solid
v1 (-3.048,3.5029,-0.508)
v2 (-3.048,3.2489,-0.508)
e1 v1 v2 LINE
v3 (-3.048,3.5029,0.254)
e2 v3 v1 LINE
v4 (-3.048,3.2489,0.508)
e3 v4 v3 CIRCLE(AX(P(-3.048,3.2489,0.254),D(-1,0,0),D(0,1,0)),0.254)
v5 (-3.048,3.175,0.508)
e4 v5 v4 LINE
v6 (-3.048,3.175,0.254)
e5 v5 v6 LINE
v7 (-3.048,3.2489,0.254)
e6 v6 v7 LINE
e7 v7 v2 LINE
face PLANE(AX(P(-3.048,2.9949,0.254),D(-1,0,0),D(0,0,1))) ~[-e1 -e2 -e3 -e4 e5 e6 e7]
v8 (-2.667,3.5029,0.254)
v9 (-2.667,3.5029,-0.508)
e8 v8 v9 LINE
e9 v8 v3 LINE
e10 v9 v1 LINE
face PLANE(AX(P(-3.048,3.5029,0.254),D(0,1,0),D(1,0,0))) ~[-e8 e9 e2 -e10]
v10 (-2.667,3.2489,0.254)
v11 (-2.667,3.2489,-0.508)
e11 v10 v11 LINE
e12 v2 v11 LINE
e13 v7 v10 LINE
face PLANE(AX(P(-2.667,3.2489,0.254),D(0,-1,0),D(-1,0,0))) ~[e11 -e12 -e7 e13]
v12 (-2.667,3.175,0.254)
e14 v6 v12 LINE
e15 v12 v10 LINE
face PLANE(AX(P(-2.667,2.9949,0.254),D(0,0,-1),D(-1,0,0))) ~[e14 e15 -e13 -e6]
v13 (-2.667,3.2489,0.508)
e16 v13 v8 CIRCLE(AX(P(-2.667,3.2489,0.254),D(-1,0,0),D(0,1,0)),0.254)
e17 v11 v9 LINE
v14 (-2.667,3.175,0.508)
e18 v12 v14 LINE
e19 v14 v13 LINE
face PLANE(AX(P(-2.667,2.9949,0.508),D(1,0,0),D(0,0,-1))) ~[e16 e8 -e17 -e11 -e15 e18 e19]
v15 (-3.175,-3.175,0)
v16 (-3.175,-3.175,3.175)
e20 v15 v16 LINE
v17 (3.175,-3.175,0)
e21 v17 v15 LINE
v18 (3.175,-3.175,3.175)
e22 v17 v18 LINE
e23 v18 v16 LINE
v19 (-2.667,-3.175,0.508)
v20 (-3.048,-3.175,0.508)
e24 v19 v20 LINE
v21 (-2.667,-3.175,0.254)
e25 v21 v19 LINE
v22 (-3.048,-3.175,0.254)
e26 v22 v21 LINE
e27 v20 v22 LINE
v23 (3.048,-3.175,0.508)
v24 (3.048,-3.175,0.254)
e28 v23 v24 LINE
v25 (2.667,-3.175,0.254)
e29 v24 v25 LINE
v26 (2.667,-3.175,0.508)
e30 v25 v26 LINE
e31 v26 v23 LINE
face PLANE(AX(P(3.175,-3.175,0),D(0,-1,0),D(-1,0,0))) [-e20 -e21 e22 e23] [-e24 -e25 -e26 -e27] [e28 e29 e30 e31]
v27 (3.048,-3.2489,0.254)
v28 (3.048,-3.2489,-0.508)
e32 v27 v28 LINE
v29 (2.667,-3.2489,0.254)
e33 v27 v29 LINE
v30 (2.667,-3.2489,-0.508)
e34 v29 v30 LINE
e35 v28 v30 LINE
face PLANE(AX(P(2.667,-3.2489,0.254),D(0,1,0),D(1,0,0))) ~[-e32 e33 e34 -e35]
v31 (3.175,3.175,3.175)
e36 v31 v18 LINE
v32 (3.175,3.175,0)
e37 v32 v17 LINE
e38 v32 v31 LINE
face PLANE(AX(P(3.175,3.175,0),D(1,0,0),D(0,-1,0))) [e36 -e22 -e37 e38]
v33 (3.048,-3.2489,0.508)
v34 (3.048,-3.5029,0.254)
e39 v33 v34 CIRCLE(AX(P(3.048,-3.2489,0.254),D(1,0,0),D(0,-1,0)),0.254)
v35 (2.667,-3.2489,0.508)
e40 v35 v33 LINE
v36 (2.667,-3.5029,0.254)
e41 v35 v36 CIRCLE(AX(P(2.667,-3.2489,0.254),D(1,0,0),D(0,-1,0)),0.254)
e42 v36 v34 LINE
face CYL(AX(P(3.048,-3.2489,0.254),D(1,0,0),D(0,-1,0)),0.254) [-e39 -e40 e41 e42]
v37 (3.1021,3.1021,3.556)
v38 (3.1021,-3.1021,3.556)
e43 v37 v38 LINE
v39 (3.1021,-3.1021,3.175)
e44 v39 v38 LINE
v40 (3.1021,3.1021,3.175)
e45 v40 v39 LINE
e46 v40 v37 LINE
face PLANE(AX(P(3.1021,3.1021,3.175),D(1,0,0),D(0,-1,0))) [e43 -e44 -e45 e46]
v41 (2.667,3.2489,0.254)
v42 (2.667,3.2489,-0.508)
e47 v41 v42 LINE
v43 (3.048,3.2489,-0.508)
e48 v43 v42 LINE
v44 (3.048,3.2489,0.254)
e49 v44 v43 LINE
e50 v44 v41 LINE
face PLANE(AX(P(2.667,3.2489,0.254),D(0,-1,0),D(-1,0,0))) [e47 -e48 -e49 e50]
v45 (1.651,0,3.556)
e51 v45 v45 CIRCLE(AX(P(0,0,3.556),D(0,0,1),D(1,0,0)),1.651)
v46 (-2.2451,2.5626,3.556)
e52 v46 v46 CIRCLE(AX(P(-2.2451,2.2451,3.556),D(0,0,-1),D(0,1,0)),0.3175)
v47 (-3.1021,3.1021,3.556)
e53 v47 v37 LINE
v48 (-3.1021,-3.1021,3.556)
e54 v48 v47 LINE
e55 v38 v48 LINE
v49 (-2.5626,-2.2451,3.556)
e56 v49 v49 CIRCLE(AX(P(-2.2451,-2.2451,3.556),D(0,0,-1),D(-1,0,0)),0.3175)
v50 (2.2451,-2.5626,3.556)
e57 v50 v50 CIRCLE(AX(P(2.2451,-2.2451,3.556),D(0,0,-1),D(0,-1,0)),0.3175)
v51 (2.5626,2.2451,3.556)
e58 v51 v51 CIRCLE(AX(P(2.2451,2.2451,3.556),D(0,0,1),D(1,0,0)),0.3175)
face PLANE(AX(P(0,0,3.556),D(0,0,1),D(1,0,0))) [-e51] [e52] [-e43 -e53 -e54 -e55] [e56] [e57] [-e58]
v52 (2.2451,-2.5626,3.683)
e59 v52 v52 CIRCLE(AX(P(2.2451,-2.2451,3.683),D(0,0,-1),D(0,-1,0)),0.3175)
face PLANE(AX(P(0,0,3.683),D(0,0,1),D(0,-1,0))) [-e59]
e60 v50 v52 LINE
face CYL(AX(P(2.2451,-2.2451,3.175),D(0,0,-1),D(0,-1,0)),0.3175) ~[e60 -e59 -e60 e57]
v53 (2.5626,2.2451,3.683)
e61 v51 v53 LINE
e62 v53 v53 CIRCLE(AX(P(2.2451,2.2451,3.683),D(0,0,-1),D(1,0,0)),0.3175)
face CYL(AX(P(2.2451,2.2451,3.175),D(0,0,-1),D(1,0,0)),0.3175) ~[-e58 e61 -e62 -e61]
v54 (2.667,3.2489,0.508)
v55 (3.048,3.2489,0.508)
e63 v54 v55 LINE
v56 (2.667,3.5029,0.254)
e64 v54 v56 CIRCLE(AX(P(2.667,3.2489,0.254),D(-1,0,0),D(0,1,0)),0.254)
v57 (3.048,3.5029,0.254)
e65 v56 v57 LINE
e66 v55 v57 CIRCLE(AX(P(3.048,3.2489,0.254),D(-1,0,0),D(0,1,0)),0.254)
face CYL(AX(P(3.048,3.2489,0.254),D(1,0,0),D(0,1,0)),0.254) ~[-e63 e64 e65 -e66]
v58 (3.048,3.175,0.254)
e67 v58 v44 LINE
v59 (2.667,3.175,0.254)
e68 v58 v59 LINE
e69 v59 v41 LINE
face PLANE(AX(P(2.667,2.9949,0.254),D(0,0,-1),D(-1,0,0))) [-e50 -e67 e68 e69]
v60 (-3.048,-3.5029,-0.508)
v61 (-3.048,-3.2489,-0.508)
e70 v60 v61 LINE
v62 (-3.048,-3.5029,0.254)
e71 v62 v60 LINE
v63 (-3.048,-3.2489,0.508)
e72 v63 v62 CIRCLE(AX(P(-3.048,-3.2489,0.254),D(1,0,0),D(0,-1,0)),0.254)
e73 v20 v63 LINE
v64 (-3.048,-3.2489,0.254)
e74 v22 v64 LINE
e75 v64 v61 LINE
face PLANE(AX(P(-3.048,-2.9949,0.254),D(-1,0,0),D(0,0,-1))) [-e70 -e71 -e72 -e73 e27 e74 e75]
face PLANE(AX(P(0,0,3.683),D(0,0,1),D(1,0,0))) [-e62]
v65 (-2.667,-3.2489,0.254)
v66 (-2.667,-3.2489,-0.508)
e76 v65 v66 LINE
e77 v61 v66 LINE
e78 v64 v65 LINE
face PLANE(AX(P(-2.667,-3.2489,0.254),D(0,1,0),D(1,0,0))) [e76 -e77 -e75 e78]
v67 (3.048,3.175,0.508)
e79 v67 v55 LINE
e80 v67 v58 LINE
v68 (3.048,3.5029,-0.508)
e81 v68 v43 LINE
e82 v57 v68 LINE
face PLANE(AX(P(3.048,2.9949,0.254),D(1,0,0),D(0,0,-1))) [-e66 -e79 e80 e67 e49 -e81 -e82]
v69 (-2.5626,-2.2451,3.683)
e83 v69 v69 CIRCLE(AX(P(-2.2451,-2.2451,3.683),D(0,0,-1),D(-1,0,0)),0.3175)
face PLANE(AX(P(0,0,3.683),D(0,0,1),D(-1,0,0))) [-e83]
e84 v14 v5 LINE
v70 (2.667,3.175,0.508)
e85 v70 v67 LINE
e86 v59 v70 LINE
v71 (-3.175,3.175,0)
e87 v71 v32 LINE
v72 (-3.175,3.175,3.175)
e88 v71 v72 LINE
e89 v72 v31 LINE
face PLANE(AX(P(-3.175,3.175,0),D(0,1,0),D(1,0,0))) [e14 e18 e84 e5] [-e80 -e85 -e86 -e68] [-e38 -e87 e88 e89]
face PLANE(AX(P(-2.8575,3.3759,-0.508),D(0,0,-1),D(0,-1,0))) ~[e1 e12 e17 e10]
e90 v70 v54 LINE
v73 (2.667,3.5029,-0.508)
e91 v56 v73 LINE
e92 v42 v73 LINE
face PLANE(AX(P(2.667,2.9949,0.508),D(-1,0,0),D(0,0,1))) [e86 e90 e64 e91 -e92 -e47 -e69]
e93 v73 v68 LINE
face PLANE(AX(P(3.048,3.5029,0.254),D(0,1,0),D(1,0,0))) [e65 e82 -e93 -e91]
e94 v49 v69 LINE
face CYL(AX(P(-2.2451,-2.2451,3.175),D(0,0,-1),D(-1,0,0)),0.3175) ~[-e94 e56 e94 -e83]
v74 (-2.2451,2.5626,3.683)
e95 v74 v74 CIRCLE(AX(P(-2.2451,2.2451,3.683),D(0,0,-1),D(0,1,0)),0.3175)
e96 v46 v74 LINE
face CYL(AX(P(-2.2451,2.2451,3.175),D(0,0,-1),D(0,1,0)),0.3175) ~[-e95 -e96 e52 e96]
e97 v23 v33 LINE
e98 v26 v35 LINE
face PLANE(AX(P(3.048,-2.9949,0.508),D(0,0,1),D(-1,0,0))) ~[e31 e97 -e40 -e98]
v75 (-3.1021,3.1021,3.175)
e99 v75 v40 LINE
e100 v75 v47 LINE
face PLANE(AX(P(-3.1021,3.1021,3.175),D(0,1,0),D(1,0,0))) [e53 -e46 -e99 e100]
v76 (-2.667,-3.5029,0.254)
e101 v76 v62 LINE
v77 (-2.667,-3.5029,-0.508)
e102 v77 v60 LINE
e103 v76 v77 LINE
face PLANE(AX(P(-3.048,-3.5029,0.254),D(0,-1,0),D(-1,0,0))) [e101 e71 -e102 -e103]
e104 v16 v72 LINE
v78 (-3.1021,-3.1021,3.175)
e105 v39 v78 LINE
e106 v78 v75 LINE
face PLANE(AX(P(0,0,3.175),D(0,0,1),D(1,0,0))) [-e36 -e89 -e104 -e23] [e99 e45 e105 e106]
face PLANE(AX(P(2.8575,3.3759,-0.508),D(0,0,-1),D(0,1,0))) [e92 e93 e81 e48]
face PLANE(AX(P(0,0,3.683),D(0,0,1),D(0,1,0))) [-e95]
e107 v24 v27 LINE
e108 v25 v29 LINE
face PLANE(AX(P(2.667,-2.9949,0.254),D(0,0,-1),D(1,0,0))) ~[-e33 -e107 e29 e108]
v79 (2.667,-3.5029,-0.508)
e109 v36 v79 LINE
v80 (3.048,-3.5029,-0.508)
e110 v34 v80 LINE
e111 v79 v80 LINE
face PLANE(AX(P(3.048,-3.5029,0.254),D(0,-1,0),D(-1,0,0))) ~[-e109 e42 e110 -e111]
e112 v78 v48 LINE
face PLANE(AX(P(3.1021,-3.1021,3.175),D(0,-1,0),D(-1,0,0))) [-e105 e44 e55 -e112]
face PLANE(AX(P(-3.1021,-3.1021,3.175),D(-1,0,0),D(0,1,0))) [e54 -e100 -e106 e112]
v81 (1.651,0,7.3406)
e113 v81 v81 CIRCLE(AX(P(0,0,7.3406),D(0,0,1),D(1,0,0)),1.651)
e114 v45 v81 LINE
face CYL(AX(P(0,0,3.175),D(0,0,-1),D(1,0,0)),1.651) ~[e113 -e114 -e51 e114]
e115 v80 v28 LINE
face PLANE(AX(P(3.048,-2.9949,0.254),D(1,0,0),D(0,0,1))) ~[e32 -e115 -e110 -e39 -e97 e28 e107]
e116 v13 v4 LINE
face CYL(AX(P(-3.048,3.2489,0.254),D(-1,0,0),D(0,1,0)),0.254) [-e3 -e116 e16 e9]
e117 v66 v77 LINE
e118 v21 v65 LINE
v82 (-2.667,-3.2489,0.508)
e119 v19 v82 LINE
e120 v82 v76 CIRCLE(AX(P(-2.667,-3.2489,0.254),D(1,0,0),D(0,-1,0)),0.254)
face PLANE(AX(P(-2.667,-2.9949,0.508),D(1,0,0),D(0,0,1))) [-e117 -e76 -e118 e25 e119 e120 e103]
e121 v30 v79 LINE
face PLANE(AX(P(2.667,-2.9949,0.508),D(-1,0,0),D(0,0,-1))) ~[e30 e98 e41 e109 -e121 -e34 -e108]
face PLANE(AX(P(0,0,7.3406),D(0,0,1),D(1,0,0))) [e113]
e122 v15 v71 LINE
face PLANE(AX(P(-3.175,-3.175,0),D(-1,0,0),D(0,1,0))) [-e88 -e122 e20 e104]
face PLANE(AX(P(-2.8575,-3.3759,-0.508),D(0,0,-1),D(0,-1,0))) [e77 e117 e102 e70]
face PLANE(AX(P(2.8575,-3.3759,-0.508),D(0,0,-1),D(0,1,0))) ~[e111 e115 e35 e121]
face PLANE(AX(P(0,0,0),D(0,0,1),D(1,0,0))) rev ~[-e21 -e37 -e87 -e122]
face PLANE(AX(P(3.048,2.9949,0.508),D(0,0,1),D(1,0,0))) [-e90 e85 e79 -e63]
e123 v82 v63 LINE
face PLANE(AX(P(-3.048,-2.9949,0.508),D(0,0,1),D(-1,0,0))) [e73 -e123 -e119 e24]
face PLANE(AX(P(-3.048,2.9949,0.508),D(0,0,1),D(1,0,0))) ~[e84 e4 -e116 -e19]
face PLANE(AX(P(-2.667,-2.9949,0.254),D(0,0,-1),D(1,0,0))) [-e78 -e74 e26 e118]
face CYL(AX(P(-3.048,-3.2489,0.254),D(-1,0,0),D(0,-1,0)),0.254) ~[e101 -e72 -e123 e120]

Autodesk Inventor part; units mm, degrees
ref_plane "YZ Plane" through (0, 0, 0) normal (1, 0, 0) x (0, 1, 0)
ref_plane "XZ Plane" through (0, 0, 0) normal (0, 1, 0) x (-1, 0, 0)
sketch "Sketch1" plane through (0, 0, 0) normal (0, 0, 1) x (1, 0, 0)
  line L0 (-3.175, 3.175) -> (3.175, 3.175)
  line L1 (3.175, 3.175) -> (3.175, -3.175)
  line L2 (3.175, -3.175) -> (-3.175, -3.175)
  line L3 (-3.175, -3.175) -> (-3.175, 3.175)
  line L4 (0, 0) -> (0, 0.9618)
  line L5 (0, 0) -> (0.9618, 0)
  dimension "d0" = 6.35
extrude "Extrusion1" add sketch "Sketch1" along normal blind 3.175
sketch "Sketch2" plane through (0, 0, 3.175) normal (0, 0, 1) x (1, 0, 0)
  circle A0 centre (0, 0) radius 1.651
  dimension "d3" = 3.302
extrude "Extrusion2" add sketch "Sketch2" along normal blind 4.1656
sketch "Sketch3" plane through (0, 0, 3.175) normal (0, 0, 1) x (1, 0, 0)
  circle A0 centre (0, 0) radius 1.651 projected
  circle A1 centre (0, 0) radius 3.175
  line L0 (0, 0) -> (3.175, 3.175)
  circle A2 centre (2.2451, 2.2451) radius 0.3175
  dimension "d6" = 0.635
extrude "Extrusion3" add sketch "Sketch3" along normal blind 0.508 contours A2 A1 L0 | L0 A1 A2 | L0 A2 A1 | A1 A2 L0
pattern_circular "Circular Pattern1" count 4 over 360 about axis through (0, 0, 3.175) along (0, 0, 1) of "Extrusion3"
sketch "Sketch4" plane through (0, 0, 3.175) normal (0, 0, 1) x (1, 0, 0)
  circle A0 centre (2.2451, -2.2451) radius 0.3175 projected
  circle A1 centre (-2.2451, -2.2451) radius 0.3175 projected
  circle A2 centre (-2.2451, 2.2451) radius 0.3175 projected
  circle A3 centre (2.2451, 2.2451) radius 0.3175 projected
  circle A4 centre (0, 0) radius 1.651 projected
  line L0 (3.175, 3.175) -> (3.175, -3.175) projected
  line L1 (-3.175, 3.175) -> (3.175, 3.175) projected
  line L2 (-3.175, -3.175) -> (-3.175, 3.175) projected
  line L3 (3.175, -3.175) -> (-3.175, -3.175) projected
  line L4 (3.1021, 3.1021) -> (3.1021, -3.1021)
  line L5 (3.1021, -3.1021) -> (-3.1021, -3.1021)
  line L6 (-3.1021, -3.1021) -> (-3.1021, 3.1021)
  line L7 (-3.1021, 3.1021) -> (3.1021, 3.1021)
extrude "Extrusion4" add sketch "Sketch4" along normal blind 0.381 contours L4 L5 L6 L7
sketch "Sketch5" plane through (-3.175, -3.175, 0) normal (0, -1, 0) x (1, 0, 0)
  line L0 (0, 0) -> (0, 3.175) projected
  line L1 (6.35, 0) -> (0, 0) projected
  line L2 (0.127, 0.508) -> (0.508, 0.508)
  line L3 (0.508, 0.508) -> (0.508, 0.254)
  line L4 (0.508, 0.254) -> (0.127, 0.254)
  line L5 (0.127, 0.254) -> (0.127, 0.508)
  dimension "d14" = 0.381
  dimension "d15" = 0.254
  dimension "d16" = 0.127
  dimension "d17" = 0.254
ref_plane "Work Plane1" through (-2.667, -3.175, 0.508) normal (-1, 0, 0) x (0, 0, -1)
sketch "Sketch6" plane through (-2.667, -3.175, 0.508) normal (-1, 0, 0) x (0, 0, -1)
  line L0 (0, -0.1801) -> (0, 0.0739)
  line L1 (0.254, 0.3279) -> (1.016, 0.3279)
  arc A0 (0.254, 0.3279) -> (0, 0.0739) centre (0.254, 0.0739) ccw
  point P0 (0, 0.3279)
  dimension "d19" = 0.508
  dimension "d20" = 1.016
  dimension "d21" = 0.254
sweep "Sweep1" add profiles "Sketch5" path "Sketch6"
mirror "Mirror1" about plane through (0, 0, 0) normal (1, 0, 0) of "Sweep1"
mirror "Mirror2" about plane through (0, 0, 0) normal (0, 1, 0) of "Sweep1", "Mirror1"
properties part number "cRIO-FRC Switch" material "ABS Plastic"
